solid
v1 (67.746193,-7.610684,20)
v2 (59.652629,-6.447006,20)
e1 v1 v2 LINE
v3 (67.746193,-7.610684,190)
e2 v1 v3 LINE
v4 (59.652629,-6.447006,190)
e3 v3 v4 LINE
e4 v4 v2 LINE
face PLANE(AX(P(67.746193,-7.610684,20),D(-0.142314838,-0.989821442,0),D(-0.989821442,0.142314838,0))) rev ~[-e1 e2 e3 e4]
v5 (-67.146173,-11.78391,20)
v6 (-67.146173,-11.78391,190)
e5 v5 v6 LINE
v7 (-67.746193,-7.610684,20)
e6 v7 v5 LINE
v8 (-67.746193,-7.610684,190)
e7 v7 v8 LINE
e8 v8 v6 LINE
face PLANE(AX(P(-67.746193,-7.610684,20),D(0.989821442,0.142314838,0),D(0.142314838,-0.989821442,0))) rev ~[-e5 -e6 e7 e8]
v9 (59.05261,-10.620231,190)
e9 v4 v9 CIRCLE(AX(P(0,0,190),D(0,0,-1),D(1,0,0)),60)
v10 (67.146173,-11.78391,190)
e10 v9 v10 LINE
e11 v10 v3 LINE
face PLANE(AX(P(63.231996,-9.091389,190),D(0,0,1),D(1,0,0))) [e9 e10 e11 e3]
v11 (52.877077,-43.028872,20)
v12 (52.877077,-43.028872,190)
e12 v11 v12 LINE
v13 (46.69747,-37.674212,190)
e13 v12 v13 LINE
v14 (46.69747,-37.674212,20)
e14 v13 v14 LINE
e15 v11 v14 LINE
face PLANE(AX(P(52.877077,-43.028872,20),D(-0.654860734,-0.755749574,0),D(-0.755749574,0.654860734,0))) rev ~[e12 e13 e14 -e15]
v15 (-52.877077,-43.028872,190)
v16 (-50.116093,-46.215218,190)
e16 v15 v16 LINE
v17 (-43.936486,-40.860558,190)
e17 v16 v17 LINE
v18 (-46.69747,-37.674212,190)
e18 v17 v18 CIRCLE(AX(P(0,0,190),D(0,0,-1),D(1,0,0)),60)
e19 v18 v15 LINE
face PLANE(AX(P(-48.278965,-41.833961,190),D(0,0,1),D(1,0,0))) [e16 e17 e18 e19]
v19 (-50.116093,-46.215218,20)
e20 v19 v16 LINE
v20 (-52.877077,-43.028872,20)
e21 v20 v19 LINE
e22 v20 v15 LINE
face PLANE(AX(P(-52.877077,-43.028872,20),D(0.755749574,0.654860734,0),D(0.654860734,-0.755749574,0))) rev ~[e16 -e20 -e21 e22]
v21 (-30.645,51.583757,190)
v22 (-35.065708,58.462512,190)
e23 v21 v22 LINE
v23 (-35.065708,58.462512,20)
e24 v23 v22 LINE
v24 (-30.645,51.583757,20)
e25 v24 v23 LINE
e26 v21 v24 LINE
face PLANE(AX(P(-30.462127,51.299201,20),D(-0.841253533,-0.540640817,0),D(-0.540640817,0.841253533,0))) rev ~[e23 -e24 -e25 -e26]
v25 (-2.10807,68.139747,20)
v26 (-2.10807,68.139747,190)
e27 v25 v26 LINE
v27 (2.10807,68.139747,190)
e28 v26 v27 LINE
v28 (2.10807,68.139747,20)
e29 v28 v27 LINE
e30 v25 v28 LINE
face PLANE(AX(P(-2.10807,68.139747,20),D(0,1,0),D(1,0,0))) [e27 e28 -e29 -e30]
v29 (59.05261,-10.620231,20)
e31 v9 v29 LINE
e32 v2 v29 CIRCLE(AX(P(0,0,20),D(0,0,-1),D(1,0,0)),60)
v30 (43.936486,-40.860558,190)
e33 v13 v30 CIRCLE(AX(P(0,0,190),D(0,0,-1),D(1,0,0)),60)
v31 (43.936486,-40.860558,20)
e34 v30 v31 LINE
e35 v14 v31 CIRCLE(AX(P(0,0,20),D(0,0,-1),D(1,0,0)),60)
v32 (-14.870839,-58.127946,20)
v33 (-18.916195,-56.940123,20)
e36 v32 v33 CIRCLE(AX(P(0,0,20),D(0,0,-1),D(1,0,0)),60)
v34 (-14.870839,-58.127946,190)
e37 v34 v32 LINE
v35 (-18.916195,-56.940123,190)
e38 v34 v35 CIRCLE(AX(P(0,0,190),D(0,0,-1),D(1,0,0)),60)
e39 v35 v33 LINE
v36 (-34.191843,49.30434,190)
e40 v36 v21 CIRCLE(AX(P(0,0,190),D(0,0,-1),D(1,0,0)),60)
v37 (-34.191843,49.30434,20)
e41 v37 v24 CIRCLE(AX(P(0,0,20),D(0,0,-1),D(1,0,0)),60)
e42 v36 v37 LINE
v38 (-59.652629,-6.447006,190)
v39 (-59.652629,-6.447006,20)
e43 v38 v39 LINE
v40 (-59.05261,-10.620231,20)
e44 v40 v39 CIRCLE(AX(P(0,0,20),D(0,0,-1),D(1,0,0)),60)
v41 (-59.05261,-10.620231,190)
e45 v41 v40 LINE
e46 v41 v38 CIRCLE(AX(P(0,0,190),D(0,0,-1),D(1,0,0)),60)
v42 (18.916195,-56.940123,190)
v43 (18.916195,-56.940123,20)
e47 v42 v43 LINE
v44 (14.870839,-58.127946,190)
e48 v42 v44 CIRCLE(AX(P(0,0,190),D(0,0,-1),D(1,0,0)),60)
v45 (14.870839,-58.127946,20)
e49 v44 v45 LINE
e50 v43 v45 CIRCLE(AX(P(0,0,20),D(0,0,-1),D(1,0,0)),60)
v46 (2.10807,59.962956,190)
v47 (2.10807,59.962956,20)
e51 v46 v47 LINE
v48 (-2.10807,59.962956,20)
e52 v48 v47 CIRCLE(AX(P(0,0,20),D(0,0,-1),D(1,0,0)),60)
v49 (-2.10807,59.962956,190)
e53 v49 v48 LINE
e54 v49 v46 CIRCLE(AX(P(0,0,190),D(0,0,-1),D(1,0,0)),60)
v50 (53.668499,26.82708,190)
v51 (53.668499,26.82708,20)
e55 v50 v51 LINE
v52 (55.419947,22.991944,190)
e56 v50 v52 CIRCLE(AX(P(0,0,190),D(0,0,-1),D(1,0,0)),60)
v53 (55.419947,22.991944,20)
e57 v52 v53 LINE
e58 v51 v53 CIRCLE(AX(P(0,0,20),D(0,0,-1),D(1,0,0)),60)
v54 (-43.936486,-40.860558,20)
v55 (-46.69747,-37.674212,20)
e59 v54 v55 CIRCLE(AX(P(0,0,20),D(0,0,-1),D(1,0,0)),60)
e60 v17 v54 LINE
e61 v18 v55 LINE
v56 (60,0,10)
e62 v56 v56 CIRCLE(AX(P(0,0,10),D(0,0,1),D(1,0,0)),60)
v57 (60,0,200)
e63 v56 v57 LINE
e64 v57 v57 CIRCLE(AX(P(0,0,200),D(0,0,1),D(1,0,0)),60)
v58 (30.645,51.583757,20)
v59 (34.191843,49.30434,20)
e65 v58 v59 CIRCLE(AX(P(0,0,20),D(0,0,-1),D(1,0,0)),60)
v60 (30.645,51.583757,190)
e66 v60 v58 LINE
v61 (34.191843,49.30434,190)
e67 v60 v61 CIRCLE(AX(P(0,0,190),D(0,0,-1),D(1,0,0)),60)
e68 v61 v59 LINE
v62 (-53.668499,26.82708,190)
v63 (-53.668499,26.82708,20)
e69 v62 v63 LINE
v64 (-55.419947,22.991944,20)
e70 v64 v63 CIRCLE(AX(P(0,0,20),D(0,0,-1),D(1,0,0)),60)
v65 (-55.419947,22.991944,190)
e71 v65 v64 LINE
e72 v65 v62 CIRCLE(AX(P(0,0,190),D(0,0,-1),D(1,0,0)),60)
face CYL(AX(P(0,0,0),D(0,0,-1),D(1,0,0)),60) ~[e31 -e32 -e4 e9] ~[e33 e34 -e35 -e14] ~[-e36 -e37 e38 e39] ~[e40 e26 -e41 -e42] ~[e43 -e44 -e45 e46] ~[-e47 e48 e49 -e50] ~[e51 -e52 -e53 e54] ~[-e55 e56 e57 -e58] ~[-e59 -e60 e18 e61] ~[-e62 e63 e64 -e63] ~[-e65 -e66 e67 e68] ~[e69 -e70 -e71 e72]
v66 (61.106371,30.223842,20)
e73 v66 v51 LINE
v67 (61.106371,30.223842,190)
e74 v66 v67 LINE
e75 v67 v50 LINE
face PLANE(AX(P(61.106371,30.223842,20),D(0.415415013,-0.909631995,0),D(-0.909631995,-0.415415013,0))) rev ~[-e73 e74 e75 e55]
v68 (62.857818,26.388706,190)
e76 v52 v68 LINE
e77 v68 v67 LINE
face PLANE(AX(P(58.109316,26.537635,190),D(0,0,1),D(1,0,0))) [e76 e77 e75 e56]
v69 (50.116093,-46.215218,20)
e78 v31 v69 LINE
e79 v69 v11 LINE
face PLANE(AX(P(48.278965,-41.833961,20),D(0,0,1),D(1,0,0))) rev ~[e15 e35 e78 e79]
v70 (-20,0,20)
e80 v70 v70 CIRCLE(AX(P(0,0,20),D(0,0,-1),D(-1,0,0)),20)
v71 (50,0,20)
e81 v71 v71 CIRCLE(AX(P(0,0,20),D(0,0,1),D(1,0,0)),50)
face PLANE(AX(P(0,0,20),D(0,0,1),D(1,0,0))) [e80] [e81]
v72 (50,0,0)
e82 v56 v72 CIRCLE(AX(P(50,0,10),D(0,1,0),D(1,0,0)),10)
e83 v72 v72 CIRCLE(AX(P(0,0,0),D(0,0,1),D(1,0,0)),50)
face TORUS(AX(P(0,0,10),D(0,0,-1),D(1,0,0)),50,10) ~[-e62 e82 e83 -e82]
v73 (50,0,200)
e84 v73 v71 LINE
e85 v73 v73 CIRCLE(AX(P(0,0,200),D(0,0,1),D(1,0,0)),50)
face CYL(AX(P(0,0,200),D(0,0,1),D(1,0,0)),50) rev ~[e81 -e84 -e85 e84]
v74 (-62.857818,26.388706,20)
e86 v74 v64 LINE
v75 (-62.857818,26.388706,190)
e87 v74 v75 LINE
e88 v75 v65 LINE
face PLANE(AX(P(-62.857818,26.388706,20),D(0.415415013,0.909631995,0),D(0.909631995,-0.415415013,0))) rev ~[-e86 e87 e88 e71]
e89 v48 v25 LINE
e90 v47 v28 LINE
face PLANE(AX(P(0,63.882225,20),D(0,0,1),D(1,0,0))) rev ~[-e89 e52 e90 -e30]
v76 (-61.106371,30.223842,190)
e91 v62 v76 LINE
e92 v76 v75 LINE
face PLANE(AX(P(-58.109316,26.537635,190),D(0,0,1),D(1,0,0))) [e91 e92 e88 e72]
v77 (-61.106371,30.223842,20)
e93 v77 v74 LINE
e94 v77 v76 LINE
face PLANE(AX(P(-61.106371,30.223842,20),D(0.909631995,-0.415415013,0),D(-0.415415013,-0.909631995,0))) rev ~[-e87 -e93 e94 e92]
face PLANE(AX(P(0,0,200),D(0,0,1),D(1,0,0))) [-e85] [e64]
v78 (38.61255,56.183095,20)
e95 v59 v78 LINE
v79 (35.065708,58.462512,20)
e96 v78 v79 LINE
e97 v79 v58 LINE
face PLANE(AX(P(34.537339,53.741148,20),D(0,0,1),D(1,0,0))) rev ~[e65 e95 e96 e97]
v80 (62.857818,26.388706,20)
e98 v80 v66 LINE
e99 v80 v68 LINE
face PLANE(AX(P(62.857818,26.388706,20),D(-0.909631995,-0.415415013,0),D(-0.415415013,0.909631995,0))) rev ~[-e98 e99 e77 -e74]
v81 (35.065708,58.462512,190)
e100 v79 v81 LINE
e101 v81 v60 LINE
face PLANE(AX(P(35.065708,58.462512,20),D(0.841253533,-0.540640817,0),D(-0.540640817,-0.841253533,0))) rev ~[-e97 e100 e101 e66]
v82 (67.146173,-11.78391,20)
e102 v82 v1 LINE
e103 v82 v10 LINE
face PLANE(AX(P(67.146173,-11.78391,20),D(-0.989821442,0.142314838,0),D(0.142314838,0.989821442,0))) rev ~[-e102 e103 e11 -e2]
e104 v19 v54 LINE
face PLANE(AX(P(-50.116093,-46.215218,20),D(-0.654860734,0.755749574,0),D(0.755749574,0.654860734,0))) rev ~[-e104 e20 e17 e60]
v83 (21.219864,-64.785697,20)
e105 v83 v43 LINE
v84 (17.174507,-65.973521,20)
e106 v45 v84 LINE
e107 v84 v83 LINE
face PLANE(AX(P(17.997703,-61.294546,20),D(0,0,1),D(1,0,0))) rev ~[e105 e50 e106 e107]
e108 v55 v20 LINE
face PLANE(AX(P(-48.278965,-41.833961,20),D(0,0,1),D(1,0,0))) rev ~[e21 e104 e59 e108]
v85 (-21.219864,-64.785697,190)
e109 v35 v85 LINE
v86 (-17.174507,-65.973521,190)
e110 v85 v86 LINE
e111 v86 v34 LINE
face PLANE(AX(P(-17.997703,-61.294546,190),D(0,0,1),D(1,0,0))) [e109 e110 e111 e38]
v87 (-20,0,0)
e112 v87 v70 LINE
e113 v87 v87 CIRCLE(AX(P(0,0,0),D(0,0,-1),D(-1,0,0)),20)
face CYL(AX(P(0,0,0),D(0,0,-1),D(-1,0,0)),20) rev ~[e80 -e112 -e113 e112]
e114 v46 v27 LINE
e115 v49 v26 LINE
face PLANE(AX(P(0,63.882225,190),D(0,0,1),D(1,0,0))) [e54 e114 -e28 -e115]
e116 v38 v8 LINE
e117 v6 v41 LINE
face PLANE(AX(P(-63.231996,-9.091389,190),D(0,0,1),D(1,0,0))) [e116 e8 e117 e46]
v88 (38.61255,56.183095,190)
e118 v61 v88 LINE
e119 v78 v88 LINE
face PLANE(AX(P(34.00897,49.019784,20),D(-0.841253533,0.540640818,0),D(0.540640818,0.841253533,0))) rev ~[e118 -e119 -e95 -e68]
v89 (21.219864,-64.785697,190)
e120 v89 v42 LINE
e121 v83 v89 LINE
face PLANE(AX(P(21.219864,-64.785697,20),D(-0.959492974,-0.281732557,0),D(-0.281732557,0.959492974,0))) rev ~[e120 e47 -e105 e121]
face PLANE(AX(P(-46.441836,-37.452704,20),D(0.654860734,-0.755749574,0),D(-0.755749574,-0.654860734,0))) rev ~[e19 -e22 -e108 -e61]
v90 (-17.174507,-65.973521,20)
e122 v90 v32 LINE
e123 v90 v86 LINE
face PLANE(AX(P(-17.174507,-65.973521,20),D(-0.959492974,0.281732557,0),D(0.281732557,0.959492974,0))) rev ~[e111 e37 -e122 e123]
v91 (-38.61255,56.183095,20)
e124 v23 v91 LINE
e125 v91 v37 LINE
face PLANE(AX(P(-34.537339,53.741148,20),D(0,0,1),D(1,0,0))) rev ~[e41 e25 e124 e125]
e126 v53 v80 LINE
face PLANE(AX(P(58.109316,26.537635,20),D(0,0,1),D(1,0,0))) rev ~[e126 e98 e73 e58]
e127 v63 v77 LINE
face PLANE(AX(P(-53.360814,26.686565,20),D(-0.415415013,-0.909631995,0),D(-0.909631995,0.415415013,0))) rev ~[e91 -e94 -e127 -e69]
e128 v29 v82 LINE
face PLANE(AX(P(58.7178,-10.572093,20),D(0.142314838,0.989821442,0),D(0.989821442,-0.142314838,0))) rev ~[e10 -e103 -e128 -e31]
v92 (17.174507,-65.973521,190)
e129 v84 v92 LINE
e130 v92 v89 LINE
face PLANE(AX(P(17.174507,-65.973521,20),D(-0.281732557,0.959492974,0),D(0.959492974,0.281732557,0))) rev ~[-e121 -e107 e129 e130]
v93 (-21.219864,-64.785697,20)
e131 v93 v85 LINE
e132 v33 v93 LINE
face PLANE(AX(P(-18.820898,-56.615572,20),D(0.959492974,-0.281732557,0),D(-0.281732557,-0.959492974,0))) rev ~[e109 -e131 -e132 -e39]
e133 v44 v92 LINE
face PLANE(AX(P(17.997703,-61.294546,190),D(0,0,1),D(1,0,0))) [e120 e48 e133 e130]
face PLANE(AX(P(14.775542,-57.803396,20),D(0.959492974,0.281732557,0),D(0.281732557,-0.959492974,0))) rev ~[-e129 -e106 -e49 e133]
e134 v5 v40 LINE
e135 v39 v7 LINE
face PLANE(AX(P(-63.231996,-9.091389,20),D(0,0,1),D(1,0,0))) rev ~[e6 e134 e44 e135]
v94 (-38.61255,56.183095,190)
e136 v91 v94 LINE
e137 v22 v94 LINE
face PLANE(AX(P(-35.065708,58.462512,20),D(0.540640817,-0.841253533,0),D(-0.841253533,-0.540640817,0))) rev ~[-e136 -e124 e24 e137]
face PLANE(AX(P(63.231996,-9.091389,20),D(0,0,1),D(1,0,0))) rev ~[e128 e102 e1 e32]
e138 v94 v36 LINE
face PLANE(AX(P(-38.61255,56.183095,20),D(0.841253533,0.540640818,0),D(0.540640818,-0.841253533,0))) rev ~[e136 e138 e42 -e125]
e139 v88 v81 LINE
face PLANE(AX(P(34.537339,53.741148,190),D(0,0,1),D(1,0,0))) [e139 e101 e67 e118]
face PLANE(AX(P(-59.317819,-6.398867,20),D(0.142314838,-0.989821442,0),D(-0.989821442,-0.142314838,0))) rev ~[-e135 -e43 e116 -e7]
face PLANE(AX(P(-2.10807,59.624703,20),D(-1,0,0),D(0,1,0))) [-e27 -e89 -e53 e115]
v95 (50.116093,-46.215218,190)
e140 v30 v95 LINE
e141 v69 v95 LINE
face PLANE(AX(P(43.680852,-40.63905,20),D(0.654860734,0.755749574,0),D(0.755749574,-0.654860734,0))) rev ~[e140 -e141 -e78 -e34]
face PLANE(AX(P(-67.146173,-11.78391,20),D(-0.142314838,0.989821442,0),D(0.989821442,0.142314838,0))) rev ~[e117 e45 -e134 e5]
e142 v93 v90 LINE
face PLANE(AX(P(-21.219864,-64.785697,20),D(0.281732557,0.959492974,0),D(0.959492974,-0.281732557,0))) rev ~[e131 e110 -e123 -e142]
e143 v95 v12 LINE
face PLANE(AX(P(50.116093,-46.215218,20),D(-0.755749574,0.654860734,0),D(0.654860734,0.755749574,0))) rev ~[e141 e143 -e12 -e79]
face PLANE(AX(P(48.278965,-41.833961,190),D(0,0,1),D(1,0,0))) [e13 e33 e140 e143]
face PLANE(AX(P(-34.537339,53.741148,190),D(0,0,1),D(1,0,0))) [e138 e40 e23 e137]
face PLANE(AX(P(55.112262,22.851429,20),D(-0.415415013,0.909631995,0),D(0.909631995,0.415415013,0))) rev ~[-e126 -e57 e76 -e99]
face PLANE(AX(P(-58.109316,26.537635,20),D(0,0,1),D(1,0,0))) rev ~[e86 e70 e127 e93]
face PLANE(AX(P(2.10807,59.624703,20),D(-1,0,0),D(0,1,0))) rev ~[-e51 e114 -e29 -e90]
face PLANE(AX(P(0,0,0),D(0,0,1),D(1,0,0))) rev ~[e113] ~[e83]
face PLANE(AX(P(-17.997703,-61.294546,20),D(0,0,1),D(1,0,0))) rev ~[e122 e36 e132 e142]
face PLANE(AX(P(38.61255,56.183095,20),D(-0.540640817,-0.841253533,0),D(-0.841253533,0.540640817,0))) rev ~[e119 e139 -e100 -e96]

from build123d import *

# Parameters (mm, degrees)
SKETCH1_R           = 60
BOSS_EXTRUDE1_DEPTH = 200
SKETCH2_R           = 50
CUT_EXTRUDE1_DEPTH  = 180
FILLET1_R           = 10
SKETCH3_W           = 4.216139726
SKETCH3_H           = 8.515044219
BOSS_EXTRUDE2_DEPTH = 170
SKETCH4_R           = 20
CUT_EXTRUDE3_DEPTH  = 25


with BuildPart() as part:
    # Sketch1 → Boss-Extrude1 (new body)
    with BuildSketch(Plane.XY):
        Circle(SKETCH1_R)
    extrude(amount=BOSS_EXTRUDE1_DEPTH)

    # Sketch2 → Cut-Extrude1 (cut)
    with BuildSketch(Plane.XY.offset(200)):
        Circle(SKETCH2_R)
    extrude(amount=-CUT_EXTRUDE1_DEPTH, mode=Mode.SUBTRACT)

    # Fillet1
    fillet1_edges = [part.edges().sort_by_distance(p)[0] for p in [
        (-60, 0, 0),
    ]]
    fillet(fillet1_edges, radius=FILLET1_R)

    # Sketch3 → Boss-Extrude2 (add)
    with BuildSketch(Plane.XY.offset(20)):
        with Locations((0, 63.882225371)):
            Rectangle(SKETCH3_W, SKETCH3_H)
        Polygon((34.008969531, 49.019783649), (38.612549999, 56.18309468), (35.065707559, 58.462511908), (30.462127092, 51.299200877), align=None)
        Polygon((55.11226167, 22.851429085), (62.857818333, 26.38870629), (61.106370594, 30.223841881), (53.360813931, 26.686564676), align=None)
        Polygon((58.717800132, -10.572092753), (67.146173479, -11.783909894), (67.746192722, -7.610684391), (59.317819375, -6.39886725), align=None)
        Polygon((43.680851933, -40.639049841), (50.116092977, -46.215217947), (52.877077332, -43.028872144), (46.441836288, -37.452704037), align=None)
        Polygon((14.775541879, -57.803395746), (17.174507059, -65.973520844), (21.219863501, -64.785697019), (18.820898322, -56.615571921), align=None)
        Polygon((-18.820898322, -56.615571921), (-21.219863501, -64.785697019), (-17.174507059, -65.973520844), (-14.775541879, -57.803395746), align=None)
        Polygon((-46.441836288, -37.452704037), (-52.877077332, -43.028872144), (-50.116092977, -46.215217947), (-43.680851933, -40.639049841), align=None)
        Polygon((-59.317819375, -6.39886725), (-67.746192722, -7.610684391), (-67.146173479, -11.783909894), (-58.717800132, -10.572092753), align=None)
        Polygon((-53.360813931, 26.686564676), (-61.106370594, 30.223841881), (-62.857818333, 26.38870629), (-55.11226167, 22.851429085), align=None)
        Polygon((-30.462127092, 51.299200877), (-35.065707559, 58.462511908), (-38.612549999, 56.18309468), (-34.008969531, 49.019783649), align=None)
    extrude(amount=BOSS_EXTRUDE2_DEPTH)

    # Sketch4 → Cut-Extrude3 (cut)
    with BuildSketch(Plane(origin=(0, 0, 0), x_dir=(-1, 0, 0), z_dir=(0, 0, -1))):
        Circle(SKETCH4_R)
    extrude(amount=-CUT_EXTRUDE3_DEPTH, mode=Mode.SUBTRACT)


solid = part.part
